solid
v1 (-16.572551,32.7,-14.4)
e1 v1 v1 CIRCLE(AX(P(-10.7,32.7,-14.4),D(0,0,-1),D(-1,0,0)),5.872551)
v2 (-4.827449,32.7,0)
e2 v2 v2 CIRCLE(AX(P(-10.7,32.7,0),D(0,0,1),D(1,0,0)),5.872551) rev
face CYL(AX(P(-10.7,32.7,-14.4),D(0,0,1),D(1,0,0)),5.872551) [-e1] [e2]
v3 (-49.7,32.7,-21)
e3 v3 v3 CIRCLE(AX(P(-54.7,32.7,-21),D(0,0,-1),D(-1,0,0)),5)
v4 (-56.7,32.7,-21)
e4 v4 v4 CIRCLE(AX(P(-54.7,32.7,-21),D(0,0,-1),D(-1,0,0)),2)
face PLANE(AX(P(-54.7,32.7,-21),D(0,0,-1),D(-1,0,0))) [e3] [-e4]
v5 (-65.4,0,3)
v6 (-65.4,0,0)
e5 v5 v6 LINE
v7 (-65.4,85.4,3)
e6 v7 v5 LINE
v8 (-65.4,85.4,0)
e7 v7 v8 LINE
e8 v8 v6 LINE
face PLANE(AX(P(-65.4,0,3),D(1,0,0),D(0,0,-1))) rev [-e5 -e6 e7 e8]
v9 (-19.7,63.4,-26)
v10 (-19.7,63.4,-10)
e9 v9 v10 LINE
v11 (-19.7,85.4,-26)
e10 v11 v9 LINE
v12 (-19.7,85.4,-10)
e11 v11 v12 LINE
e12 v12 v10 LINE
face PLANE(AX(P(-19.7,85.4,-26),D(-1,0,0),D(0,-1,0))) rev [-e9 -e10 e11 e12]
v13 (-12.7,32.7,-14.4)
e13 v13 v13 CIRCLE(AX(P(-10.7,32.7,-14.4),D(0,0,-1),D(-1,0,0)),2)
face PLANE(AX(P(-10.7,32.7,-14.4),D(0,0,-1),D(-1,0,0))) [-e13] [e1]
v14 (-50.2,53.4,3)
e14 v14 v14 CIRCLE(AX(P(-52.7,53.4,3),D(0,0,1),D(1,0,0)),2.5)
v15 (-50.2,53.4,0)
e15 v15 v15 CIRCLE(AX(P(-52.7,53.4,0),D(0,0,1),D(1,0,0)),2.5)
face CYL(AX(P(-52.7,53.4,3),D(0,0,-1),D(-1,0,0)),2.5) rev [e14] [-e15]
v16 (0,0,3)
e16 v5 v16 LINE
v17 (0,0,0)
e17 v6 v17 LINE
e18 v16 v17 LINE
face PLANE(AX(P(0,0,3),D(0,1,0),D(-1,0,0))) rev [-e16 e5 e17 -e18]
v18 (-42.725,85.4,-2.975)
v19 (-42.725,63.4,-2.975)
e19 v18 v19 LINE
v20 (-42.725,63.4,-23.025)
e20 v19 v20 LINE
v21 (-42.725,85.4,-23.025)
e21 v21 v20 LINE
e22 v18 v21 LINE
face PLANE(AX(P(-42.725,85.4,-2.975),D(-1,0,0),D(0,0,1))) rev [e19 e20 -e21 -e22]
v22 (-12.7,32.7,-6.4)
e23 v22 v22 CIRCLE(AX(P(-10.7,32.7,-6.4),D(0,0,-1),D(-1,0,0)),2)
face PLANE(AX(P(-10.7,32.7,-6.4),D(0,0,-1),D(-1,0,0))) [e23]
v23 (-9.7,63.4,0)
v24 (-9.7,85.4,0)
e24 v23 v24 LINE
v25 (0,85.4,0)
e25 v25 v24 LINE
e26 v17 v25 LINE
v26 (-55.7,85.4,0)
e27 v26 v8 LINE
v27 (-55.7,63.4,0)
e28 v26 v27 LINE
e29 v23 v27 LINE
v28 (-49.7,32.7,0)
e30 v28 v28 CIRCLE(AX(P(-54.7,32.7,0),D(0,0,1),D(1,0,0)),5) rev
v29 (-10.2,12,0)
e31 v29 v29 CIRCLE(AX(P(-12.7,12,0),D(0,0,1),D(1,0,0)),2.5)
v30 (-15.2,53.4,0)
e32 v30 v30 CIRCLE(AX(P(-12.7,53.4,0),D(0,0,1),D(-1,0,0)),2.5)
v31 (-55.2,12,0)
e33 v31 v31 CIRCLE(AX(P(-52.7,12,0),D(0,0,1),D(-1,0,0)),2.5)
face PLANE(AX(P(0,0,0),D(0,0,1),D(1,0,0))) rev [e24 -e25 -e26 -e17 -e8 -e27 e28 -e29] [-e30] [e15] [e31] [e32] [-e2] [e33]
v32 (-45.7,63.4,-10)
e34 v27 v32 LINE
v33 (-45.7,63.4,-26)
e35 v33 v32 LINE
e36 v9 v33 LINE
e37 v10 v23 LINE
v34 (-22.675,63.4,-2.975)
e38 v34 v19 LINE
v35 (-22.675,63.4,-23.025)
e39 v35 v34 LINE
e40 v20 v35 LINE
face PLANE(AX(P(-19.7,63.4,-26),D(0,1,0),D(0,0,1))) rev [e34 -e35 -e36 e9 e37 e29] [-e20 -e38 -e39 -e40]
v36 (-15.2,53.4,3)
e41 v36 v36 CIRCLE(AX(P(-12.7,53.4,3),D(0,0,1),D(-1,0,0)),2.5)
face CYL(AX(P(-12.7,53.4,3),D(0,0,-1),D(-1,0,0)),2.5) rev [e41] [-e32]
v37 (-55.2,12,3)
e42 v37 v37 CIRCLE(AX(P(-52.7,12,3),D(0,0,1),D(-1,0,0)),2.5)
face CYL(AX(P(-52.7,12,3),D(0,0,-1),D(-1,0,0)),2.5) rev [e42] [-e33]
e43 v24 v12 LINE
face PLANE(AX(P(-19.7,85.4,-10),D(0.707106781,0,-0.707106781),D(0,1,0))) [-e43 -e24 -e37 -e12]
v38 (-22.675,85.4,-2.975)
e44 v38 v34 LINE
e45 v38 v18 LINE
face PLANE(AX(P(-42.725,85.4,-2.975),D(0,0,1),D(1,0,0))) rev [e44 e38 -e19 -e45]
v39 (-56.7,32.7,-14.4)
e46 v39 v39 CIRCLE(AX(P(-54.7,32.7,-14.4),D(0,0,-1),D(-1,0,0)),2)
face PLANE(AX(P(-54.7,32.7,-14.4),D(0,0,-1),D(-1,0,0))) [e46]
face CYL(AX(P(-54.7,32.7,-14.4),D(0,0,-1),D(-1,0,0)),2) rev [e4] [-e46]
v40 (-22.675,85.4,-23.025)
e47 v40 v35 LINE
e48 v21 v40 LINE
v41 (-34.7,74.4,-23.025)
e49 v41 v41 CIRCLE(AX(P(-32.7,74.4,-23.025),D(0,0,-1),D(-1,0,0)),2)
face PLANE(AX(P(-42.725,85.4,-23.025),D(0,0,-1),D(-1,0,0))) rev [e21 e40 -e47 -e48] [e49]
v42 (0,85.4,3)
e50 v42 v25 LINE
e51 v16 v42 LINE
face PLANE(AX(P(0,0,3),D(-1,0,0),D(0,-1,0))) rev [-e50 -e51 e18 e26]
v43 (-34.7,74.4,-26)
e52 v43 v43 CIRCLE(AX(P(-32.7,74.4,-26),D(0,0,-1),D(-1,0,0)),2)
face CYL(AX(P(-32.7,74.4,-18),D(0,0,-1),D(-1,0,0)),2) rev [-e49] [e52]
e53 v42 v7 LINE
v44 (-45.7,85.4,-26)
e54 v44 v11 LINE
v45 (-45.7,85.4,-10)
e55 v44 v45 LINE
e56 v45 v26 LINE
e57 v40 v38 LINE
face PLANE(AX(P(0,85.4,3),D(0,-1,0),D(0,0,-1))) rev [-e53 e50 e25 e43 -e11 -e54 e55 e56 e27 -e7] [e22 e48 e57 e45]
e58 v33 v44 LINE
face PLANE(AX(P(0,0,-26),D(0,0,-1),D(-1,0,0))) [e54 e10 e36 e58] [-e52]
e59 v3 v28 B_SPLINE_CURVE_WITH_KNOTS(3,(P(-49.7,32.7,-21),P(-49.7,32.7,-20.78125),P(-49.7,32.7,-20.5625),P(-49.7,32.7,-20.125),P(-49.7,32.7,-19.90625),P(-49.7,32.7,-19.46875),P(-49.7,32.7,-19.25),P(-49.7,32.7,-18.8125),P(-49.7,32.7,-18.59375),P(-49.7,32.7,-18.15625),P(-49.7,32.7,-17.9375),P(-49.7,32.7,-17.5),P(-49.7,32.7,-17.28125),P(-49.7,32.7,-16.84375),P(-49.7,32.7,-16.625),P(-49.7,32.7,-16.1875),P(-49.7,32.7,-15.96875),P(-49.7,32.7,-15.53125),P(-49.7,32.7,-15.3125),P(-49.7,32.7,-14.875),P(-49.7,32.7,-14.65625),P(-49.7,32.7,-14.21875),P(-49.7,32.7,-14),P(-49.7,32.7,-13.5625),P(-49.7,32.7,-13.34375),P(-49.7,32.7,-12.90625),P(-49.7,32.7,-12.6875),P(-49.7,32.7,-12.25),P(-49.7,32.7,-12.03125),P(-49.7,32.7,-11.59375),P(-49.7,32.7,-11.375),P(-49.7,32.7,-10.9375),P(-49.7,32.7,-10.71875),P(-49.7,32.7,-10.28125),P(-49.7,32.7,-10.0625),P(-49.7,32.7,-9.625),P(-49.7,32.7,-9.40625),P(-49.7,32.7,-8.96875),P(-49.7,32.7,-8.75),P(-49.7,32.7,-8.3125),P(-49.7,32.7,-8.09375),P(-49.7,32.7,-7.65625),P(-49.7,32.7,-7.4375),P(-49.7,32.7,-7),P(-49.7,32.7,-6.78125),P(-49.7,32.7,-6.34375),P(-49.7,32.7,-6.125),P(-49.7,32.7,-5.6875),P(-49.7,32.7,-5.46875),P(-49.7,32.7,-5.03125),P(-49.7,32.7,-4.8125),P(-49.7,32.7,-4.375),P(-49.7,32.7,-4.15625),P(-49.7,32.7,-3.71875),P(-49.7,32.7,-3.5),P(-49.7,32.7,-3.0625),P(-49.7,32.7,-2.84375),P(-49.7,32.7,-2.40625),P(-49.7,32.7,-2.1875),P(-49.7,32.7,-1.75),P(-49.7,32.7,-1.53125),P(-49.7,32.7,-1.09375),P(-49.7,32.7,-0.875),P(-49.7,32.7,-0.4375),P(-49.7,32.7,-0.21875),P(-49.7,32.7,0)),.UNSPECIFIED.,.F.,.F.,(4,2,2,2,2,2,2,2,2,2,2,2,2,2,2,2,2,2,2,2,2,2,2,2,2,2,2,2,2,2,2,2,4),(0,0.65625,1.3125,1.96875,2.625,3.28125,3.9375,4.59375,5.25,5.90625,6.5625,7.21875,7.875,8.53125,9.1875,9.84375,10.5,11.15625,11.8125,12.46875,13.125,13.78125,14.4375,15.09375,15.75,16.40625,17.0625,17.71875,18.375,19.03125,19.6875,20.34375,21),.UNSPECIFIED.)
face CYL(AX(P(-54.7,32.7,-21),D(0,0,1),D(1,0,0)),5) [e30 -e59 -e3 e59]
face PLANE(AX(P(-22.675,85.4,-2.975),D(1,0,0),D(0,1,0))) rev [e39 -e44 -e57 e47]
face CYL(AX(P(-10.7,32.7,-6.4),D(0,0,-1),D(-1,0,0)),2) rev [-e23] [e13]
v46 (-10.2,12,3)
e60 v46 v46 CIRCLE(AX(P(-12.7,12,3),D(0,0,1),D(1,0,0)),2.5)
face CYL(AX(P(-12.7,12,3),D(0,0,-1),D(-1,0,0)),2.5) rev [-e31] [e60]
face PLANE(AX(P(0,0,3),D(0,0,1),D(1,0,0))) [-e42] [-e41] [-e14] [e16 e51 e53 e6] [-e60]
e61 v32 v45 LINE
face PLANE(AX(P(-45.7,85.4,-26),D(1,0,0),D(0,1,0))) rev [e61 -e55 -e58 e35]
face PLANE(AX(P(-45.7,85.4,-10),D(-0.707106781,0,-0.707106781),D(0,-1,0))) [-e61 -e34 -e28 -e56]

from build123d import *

# Parameters (mm, degrees)
SKETCH_1_W             = 65.4
SKETCH_1_H             = 85.4
SKETCH_1_R             = 2.5
EXTRUDE_632_DEPTH      = 3
SKETCH_2_W             = 26
SKETCH_2_H             = 22
EXTRUDE_871_DEPTH      = 26
SKETCH_3_W             = 20.05
SKETCH_3_H             = 20.05
CUT_EXTRUDE_1082_DEPTH = 95.724442463
SKETCH_8_R             = 5.872551453
EXTRUDE_1_DEPTH        = 14.4
SKETCH_4_R             = 2
EXTRUDE_3_DEPTH        = 14.4
SKETCH_12_R            = 5
EXTRUDE_5_DEPTH        = 21
SKETCH_13_R            = 2
CUT_EXTRUDE_1_DEPTH    = 6.6
SKETCH_14_R            = 2
CUT_EXTRUDE_3_DEPTH    = 8
CHAMFER_1_SIZE         = 10
CHAMFER_2_SIZE         = 10
SKETCH_15_R            = 2
CUT_EXTRUDE_4_DEPTH    = 8


with BuildPart() as part:
    # Эскиз1 → Extrude 632 (new body)
    with BuildSketch(Plane.XY):
        with Locations((-32.7, 42.7)):
            Rectangle(SKETCH_1_W, SKETCH_1_H)
        with Locations((-52.7, 53.4)):
            Circle(SKETCH_1_R, mode=Mode.SUBTRACT)
        with Locations(Location((-12.7, 53.4, 0), (0, 0, 180))):
            Circle(SKETCH_1_R, mode=Mode.SUBTRACT)
        with Locations((-12.7, 12)):
            Circle(SKETCH_1_R, mode=Mode.SUBTRACT)
        with Locations(Location((-52.7, 12, 0), (0, 0, 180))):
            Circle(SKETCH_1_R, mode=Mode.SUBTRACT)
    extrude(amount=EXTRUDE_632_DEPTH)

    # Эскиз2 → Extrude 871 (add)
    with BuildSketch(Plane(origin=(0, 0, 0), x_dir=(-1, 0, 0), z_dir=(0, 0, -1))):
        with Locations((32.7, 74.4)):
            Rectangle(SKETCH_2_W, SKETCH_2_H)
    extrude(amount=EXTRUDE_871_DEPTH)

    # Эскиз3 → Cut-Extrude 1082 (cut, through all)
    with BuildSketch(Plane.XZ.offset(-63.4)):
        with Locations((-32.7, -13)):
            Rectangle(SKETCH_3_W, SKETCH_3_H)
    extrude(amount=-CUT_EXTRUDE_1082_DEPTH, mode=Mode.SUBTRACT)

    # Эскиз8 → Бобышка-Вытянуть1 (add)
    with BuildSketch(Plane(origin=(0, 0, 0), x_dir=(-1, 0, 0), z_dir=(0, 0, -1))):
        with Locations(Location((10.7, 32.7, 0), (0, 0, 180))):
            Circle(SKETCH_8_R)
    extrude(amount=EXTRUDE_1_DEPTH)

    # Эскиз4 → Бобышка-Вытянуть3 (add)
    with BuildSketch(Plane(origin=(0, 0, 0), x_dir=(-1, 0, 0), z_dir=(0, 0, -1))):
        with Locations(Location((52.7, 32.7, 0), (0, 0, 180))):
            Circle(SKETCH_4_R)
    extrude(amount=EXTRUDE_3_DEPTH)

    # Эскиз12 → Бобышка-Вытянуть5 (add)
    with BuildSketch(Plane(origin=(0, 0, 0), x_dir=(-1, 0, 0), z_dir=(0, 0, -1))):
        with Locations(Location((54.7, 32.7, 0), (0, 0, 180))):
            Circle(SKETCH_12_R)
    extrude(amount=EXTRUDE_5_DEPTH)

    # Эскиз13 → Вырез-Вытянуть1 (cut)
    with BuildSketch(Plane(origin=(0, 0, -21), x_dir=(-1, 0, 0), z_dir=(0, 0, -1))):
        with Locations((54.7, 32.7)):
            Circle(SKETCH_13_R)
    extrude(amount=-CUT_EXTRUDE_1_DEPTH, mode=Mode.SUBTRACT)

    # Эскиз14 → Вырез-Вытянуть3 (cut)
    with BuildSketch(Plane(origin=(0, 0, -14.4), x_dir=(-1, 0, 0), z_dir=(0, 0, -1))):
        with Locations((10.7, 32.7)):
            Circle(SKETCH_14_R)
    extrude(amount=-CUT_EXTRUDE_3_DEPTH, mode=Mode.SUBTRACT)

    # Фаска1
    chamfer_1_edges = [part.edges().sort_by_distance(p)[0] for p in [
        (-45.7, 74.4, 0),
    ]]
    chamfer(chamfer_1_edges, length=CHAMFER_1_SIZE)

    # Фаска2
    chamfer_2_edges = [part.edges().sort_by_distance(p)[0] for p in [
        (-19.7, 74.4, 0),
    ]]
    chamfer(chamfer_2_edges, length=CHAMFER_2_SIZE)

    # Эскиз15 → Вырез-Вытянуть4 (cut)
    with BuildSketch(Plane(origin=(0, 0, -26), x_dir=(-1, 0, 0), z_dir=(0, 0, -1))):
        with Locations((32.7, 74.4)):
            Circle(SKETCH_15_R)
    extrude(amount=-CUT_EXTRUDE_4_DEPTH, mode=Mode.SUBTRACT)


solid = part.part
